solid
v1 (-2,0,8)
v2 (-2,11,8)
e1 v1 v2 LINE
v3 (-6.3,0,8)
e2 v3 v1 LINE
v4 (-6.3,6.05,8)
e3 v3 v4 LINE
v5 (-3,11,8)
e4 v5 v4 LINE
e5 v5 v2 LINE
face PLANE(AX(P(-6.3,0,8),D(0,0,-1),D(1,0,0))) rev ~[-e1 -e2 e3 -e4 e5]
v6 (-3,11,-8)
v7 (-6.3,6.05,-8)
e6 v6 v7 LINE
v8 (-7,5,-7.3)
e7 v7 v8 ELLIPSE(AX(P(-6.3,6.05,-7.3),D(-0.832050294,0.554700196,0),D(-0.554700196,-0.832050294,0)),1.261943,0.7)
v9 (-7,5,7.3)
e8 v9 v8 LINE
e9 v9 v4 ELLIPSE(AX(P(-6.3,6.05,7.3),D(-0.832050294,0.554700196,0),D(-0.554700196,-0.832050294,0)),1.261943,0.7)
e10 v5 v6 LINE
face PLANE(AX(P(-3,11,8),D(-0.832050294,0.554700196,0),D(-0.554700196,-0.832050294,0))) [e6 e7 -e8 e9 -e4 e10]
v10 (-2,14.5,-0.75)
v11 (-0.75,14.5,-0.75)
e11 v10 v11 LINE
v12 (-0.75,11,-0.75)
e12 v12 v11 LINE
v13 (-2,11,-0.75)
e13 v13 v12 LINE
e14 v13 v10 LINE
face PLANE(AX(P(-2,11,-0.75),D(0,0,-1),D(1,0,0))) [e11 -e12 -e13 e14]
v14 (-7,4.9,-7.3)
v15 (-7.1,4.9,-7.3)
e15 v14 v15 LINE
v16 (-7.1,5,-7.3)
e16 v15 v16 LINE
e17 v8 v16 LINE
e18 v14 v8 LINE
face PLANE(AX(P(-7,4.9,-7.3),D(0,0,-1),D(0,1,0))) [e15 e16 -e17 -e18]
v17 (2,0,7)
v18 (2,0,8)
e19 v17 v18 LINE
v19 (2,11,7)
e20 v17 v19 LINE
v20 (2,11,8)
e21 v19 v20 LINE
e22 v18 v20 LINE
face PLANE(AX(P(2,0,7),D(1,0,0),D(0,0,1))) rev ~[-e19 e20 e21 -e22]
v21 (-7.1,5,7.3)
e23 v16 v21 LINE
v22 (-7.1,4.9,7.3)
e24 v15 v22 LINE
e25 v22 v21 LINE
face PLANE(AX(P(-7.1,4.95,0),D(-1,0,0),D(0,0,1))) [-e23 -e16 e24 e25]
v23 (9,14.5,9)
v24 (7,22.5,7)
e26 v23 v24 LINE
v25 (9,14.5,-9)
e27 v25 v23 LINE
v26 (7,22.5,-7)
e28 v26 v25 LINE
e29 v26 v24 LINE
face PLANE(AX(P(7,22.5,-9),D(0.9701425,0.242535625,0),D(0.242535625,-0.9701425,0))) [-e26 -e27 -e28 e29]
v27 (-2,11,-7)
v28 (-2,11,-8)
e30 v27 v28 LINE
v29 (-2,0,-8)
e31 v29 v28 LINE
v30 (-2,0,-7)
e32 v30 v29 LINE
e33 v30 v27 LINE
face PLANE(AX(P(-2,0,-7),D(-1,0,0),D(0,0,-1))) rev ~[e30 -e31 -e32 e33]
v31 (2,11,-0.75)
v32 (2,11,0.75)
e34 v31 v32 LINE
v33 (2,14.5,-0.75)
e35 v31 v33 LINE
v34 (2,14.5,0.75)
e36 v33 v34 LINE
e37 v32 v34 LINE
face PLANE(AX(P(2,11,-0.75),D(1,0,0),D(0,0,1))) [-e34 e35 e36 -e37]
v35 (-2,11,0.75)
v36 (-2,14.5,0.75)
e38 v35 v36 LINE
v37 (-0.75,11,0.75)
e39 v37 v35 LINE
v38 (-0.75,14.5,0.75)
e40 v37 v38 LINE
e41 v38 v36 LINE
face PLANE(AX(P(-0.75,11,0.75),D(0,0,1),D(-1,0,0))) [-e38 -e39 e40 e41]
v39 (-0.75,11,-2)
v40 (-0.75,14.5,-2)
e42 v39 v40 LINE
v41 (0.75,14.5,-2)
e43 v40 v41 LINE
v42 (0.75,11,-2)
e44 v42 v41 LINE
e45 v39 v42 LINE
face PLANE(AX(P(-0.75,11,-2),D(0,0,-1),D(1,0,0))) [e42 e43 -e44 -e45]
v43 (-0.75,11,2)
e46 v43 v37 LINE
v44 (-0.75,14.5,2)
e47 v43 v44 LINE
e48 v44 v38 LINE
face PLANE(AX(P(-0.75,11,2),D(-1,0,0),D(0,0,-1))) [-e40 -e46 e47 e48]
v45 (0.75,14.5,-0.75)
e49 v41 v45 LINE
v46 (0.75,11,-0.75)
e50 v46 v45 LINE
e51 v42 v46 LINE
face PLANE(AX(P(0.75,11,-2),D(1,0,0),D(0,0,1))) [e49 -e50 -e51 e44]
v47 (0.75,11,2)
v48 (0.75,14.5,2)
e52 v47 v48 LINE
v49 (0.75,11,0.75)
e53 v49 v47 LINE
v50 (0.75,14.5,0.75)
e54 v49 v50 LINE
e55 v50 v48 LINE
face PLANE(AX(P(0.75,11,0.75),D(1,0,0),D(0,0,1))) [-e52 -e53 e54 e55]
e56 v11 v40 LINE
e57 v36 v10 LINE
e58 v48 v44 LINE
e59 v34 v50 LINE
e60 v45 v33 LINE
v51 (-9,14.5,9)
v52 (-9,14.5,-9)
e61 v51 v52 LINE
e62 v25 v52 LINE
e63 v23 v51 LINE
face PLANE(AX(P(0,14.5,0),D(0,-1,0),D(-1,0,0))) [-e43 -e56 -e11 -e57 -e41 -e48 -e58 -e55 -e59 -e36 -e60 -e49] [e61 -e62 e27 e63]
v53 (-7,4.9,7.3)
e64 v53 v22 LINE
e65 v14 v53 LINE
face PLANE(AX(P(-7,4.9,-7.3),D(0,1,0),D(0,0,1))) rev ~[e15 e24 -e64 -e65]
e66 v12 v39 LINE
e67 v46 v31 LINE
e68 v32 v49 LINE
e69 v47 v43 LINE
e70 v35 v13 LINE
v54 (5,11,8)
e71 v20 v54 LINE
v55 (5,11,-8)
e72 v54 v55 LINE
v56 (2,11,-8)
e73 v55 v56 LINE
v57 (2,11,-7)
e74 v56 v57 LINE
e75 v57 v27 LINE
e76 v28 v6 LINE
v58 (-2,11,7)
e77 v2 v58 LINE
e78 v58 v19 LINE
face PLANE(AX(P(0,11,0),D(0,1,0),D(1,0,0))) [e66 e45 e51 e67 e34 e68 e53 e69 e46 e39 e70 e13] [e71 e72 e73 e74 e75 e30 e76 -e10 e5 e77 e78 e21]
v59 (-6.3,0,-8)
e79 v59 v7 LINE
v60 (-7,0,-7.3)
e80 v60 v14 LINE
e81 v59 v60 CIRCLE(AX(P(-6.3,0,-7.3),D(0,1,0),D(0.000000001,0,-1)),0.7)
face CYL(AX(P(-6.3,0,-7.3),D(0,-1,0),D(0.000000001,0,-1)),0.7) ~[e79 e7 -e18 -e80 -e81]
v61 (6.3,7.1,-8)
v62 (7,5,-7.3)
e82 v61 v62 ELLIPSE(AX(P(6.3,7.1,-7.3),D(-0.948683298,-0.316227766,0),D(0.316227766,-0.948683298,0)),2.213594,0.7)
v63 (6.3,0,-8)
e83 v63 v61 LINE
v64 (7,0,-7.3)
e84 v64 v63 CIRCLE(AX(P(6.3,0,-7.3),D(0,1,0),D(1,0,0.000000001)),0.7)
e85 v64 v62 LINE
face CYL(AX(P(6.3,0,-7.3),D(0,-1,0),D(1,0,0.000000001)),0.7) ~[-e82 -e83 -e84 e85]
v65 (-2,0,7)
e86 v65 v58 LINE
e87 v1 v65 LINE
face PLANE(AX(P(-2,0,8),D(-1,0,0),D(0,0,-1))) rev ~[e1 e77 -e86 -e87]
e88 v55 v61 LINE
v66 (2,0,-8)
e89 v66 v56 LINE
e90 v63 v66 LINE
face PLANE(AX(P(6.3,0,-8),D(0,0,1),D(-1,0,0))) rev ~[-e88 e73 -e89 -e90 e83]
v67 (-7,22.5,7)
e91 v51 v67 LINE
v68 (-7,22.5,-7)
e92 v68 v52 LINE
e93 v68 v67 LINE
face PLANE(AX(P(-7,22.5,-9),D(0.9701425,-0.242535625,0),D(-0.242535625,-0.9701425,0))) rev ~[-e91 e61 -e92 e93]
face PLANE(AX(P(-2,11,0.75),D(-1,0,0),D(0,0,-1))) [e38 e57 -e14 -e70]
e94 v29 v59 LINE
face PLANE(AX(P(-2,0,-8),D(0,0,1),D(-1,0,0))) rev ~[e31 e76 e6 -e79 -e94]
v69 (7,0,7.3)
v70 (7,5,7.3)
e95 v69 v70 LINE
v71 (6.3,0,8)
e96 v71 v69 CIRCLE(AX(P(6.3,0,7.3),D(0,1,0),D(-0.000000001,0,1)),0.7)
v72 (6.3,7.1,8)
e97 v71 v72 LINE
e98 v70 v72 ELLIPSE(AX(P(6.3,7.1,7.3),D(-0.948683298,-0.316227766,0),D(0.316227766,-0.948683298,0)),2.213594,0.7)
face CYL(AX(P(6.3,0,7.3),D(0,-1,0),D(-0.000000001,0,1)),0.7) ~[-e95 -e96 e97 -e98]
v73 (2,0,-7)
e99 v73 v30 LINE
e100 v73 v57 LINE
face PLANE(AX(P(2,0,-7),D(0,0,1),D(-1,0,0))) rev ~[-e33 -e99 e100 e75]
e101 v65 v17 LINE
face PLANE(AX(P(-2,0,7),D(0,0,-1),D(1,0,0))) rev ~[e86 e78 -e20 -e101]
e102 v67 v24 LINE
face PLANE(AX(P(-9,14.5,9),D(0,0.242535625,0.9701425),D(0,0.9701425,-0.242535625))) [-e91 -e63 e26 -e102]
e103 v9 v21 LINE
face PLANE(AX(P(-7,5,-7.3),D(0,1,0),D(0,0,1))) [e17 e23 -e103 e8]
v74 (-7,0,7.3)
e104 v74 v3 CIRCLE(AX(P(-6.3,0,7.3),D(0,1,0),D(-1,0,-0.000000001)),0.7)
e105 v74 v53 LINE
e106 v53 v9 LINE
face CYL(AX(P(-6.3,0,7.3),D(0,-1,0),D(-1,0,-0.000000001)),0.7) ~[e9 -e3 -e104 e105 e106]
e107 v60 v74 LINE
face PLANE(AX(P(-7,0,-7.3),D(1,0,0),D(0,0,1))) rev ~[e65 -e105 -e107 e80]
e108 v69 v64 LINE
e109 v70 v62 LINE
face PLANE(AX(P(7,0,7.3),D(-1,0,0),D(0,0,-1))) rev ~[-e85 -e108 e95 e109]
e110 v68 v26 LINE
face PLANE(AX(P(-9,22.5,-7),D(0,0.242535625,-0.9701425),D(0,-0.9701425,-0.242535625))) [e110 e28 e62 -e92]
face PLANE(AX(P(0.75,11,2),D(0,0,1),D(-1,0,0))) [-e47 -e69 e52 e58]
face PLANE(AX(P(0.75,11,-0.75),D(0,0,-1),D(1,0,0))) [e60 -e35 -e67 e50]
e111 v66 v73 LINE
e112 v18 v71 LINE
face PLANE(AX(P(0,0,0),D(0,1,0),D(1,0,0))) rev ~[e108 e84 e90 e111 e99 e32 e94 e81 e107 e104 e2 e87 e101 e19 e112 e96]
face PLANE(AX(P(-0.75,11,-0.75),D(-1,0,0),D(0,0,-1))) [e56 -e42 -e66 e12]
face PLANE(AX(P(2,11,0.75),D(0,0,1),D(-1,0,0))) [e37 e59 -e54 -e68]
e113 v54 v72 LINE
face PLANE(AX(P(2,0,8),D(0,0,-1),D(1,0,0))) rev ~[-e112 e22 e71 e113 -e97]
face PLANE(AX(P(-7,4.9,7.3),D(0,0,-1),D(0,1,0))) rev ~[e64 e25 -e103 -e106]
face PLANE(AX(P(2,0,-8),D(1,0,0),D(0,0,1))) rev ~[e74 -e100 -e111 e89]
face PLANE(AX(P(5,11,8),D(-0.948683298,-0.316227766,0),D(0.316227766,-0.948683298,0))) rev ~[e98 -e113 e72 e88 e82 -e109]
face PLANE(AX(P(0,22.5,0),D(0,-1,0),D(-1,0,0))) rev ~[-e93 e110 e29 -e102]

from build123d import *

# Parameters (mm, degrees)
BOSS_EXTRUDE1_DEPTH = 11
CUT_EXTRUDE1_DEPTH  = 18
CUT_EXTRUDE2_DEPTH  = 18
BOSS_EXTRUDE2_DEPTH = 3.5
BOSS_EXTRUDE3_DEPTH = 8
CUT_EXTRUDE4_DEPTH  = 27
CUT_EXTRUDE5_DEPTH  = 27
SKETCH11_W          = 14.6
SKETCH11_H          = 0.1
BOSS_EXTRUDE4_DEPTH = 0.1


with BuildPart() as part:
    # Sketch1 → Boss-Extrude1 (new body)
    with BuildSketch(Plane(origin=(0, 0, 0), x_dir=(1, 0, 0), z_dir=(0, 1, 0))):
        with BuildLine():
            Line((-6.3, -8), (-2, -8))
            Line((-2, -8), (-2, -7))
            Line((-2, -7), (2, -7))
            Line((2, -7), (2, -8))
            Line((2, -8), (6.3, -8))
            ThreePointArc((6.3, -8), (6.794974747, -7.794974747), (7, -7.3))
            Line((7, -7.3), (7, 7.3))
            ThreePointArc((7, 7.3), (6.794974747, 7.794974747), (6.3, 8))
            Line((6.3, 8), (2, 8))
            Line((2, 8), (2, 7))
            Line((2, 7), (-2, 7))
            Line((-2, 7), (-2, 8))
            Line((-2, 8), (-6.3, 8))
            ThreePointArc((-6.3, 8), (-6.794974747, 7.794974747), (-7, 7.3))
            Line((-7, 7.3), (-7, -7.3))
            ThreePointArc((-7, -7.3), (-6.794974747, -7.794974747), (-6.3, -8))
        make_face()
    extrude(amount=BOSS_EXTRUDE1_DEPTH)

    # Sketch2 → Cut-Extrude1 (cut)
    with BuildSketch(Plane.XY.offset(8)):
        Polygon((-3, 11), (-7, 5), (-7, 11), align=None)
    extrude(amount=-CUT_EXTRUDE1_DEPTH, mode=Mode.SUBTRACT)

    # Sketch3 → Cut-Extrude2 (cut)
    with BuildSketch(Plane.XY.offset(8)):
        Polygon((5, 11), (7, 5), (7, 11), align=None)
    extrude(amount=-CUT_EXTRUDE2_DEPTH, mode=Mode.SUBTRACT)

    # Sketch4 → Boss-Extrude2 (add)
    with BuildSketch(Plane(origin=(0, 11, 0), x_dir=(1, 0, 0), z_dir=(0, 1, 0))):
        Polygon((-0.75, 0.75), (-0.75, 2), (0.75, 2), (0.75, 0.75), (2, 0.75), (2, -0.75), (0.75, -0.75), (0.75, -2), (-0.75, -2), (-0.75, -0.75), (-2, -0.75), (-2, 0.75), align=None)
    extrude(amount=BOSS_EXTRUDE2_DEPTH)

    # Sketch7 → Boss-Extrude3 (add)
    with BuildSketch(Plane(origin=(0, 14.5, 0), x_dir=(1, 0, 0), z_dir=(0, 1, 0))):
        Polygon((9, -9), (-9, -9), (-9, 9), (0, 9), (9, 9), align=None)
    extrude(amount=BOSS_EXTRUDE3_DEPTH)

    # Sketch10 → Cut-Extrude4 (cut)
    with BuildSketch(Plane.ZY.offset(9)):
        Polygon((-9, 22.5), (-7, 22.5), (-9, 14.5), align=None)
        Polygon((7, 22.5), (9, 22.5), (9, 14.5), align=None)
    extrude(amount=-CUT_EXTRUDE4_DEPTH, mode=Mode.SUBTRACT)

    # Sketch8 → Cut-Extrude5 (cut)
    with BuildSketch(Plane(origin=(0, 0, -9), x_dir=(-1, 0, 0), z_dir=(0, 0, -1))):
        Polygon((9, 22.5), (7, 22.5), (9, 14.5), align=None)
        Polygon((-9, 22.5), (-7, 22.5), (-9, 14.5), align=None)
    extrude(amount=-CUT_EXTRUDE5_DEPTH, mode=Mode.SUBTRACT)

    # Sketch11 → Boss-Extrude4 (add)
    with BuildSketch(Plane.ZY.offset(7)):
        with Locations((0, 4.95)):
            Rectangle(SKETCH11_W, SKETCH11_H)
    extrude(amount=BOSS_EXTRUDE4_DEPTH)


solid = part.part
